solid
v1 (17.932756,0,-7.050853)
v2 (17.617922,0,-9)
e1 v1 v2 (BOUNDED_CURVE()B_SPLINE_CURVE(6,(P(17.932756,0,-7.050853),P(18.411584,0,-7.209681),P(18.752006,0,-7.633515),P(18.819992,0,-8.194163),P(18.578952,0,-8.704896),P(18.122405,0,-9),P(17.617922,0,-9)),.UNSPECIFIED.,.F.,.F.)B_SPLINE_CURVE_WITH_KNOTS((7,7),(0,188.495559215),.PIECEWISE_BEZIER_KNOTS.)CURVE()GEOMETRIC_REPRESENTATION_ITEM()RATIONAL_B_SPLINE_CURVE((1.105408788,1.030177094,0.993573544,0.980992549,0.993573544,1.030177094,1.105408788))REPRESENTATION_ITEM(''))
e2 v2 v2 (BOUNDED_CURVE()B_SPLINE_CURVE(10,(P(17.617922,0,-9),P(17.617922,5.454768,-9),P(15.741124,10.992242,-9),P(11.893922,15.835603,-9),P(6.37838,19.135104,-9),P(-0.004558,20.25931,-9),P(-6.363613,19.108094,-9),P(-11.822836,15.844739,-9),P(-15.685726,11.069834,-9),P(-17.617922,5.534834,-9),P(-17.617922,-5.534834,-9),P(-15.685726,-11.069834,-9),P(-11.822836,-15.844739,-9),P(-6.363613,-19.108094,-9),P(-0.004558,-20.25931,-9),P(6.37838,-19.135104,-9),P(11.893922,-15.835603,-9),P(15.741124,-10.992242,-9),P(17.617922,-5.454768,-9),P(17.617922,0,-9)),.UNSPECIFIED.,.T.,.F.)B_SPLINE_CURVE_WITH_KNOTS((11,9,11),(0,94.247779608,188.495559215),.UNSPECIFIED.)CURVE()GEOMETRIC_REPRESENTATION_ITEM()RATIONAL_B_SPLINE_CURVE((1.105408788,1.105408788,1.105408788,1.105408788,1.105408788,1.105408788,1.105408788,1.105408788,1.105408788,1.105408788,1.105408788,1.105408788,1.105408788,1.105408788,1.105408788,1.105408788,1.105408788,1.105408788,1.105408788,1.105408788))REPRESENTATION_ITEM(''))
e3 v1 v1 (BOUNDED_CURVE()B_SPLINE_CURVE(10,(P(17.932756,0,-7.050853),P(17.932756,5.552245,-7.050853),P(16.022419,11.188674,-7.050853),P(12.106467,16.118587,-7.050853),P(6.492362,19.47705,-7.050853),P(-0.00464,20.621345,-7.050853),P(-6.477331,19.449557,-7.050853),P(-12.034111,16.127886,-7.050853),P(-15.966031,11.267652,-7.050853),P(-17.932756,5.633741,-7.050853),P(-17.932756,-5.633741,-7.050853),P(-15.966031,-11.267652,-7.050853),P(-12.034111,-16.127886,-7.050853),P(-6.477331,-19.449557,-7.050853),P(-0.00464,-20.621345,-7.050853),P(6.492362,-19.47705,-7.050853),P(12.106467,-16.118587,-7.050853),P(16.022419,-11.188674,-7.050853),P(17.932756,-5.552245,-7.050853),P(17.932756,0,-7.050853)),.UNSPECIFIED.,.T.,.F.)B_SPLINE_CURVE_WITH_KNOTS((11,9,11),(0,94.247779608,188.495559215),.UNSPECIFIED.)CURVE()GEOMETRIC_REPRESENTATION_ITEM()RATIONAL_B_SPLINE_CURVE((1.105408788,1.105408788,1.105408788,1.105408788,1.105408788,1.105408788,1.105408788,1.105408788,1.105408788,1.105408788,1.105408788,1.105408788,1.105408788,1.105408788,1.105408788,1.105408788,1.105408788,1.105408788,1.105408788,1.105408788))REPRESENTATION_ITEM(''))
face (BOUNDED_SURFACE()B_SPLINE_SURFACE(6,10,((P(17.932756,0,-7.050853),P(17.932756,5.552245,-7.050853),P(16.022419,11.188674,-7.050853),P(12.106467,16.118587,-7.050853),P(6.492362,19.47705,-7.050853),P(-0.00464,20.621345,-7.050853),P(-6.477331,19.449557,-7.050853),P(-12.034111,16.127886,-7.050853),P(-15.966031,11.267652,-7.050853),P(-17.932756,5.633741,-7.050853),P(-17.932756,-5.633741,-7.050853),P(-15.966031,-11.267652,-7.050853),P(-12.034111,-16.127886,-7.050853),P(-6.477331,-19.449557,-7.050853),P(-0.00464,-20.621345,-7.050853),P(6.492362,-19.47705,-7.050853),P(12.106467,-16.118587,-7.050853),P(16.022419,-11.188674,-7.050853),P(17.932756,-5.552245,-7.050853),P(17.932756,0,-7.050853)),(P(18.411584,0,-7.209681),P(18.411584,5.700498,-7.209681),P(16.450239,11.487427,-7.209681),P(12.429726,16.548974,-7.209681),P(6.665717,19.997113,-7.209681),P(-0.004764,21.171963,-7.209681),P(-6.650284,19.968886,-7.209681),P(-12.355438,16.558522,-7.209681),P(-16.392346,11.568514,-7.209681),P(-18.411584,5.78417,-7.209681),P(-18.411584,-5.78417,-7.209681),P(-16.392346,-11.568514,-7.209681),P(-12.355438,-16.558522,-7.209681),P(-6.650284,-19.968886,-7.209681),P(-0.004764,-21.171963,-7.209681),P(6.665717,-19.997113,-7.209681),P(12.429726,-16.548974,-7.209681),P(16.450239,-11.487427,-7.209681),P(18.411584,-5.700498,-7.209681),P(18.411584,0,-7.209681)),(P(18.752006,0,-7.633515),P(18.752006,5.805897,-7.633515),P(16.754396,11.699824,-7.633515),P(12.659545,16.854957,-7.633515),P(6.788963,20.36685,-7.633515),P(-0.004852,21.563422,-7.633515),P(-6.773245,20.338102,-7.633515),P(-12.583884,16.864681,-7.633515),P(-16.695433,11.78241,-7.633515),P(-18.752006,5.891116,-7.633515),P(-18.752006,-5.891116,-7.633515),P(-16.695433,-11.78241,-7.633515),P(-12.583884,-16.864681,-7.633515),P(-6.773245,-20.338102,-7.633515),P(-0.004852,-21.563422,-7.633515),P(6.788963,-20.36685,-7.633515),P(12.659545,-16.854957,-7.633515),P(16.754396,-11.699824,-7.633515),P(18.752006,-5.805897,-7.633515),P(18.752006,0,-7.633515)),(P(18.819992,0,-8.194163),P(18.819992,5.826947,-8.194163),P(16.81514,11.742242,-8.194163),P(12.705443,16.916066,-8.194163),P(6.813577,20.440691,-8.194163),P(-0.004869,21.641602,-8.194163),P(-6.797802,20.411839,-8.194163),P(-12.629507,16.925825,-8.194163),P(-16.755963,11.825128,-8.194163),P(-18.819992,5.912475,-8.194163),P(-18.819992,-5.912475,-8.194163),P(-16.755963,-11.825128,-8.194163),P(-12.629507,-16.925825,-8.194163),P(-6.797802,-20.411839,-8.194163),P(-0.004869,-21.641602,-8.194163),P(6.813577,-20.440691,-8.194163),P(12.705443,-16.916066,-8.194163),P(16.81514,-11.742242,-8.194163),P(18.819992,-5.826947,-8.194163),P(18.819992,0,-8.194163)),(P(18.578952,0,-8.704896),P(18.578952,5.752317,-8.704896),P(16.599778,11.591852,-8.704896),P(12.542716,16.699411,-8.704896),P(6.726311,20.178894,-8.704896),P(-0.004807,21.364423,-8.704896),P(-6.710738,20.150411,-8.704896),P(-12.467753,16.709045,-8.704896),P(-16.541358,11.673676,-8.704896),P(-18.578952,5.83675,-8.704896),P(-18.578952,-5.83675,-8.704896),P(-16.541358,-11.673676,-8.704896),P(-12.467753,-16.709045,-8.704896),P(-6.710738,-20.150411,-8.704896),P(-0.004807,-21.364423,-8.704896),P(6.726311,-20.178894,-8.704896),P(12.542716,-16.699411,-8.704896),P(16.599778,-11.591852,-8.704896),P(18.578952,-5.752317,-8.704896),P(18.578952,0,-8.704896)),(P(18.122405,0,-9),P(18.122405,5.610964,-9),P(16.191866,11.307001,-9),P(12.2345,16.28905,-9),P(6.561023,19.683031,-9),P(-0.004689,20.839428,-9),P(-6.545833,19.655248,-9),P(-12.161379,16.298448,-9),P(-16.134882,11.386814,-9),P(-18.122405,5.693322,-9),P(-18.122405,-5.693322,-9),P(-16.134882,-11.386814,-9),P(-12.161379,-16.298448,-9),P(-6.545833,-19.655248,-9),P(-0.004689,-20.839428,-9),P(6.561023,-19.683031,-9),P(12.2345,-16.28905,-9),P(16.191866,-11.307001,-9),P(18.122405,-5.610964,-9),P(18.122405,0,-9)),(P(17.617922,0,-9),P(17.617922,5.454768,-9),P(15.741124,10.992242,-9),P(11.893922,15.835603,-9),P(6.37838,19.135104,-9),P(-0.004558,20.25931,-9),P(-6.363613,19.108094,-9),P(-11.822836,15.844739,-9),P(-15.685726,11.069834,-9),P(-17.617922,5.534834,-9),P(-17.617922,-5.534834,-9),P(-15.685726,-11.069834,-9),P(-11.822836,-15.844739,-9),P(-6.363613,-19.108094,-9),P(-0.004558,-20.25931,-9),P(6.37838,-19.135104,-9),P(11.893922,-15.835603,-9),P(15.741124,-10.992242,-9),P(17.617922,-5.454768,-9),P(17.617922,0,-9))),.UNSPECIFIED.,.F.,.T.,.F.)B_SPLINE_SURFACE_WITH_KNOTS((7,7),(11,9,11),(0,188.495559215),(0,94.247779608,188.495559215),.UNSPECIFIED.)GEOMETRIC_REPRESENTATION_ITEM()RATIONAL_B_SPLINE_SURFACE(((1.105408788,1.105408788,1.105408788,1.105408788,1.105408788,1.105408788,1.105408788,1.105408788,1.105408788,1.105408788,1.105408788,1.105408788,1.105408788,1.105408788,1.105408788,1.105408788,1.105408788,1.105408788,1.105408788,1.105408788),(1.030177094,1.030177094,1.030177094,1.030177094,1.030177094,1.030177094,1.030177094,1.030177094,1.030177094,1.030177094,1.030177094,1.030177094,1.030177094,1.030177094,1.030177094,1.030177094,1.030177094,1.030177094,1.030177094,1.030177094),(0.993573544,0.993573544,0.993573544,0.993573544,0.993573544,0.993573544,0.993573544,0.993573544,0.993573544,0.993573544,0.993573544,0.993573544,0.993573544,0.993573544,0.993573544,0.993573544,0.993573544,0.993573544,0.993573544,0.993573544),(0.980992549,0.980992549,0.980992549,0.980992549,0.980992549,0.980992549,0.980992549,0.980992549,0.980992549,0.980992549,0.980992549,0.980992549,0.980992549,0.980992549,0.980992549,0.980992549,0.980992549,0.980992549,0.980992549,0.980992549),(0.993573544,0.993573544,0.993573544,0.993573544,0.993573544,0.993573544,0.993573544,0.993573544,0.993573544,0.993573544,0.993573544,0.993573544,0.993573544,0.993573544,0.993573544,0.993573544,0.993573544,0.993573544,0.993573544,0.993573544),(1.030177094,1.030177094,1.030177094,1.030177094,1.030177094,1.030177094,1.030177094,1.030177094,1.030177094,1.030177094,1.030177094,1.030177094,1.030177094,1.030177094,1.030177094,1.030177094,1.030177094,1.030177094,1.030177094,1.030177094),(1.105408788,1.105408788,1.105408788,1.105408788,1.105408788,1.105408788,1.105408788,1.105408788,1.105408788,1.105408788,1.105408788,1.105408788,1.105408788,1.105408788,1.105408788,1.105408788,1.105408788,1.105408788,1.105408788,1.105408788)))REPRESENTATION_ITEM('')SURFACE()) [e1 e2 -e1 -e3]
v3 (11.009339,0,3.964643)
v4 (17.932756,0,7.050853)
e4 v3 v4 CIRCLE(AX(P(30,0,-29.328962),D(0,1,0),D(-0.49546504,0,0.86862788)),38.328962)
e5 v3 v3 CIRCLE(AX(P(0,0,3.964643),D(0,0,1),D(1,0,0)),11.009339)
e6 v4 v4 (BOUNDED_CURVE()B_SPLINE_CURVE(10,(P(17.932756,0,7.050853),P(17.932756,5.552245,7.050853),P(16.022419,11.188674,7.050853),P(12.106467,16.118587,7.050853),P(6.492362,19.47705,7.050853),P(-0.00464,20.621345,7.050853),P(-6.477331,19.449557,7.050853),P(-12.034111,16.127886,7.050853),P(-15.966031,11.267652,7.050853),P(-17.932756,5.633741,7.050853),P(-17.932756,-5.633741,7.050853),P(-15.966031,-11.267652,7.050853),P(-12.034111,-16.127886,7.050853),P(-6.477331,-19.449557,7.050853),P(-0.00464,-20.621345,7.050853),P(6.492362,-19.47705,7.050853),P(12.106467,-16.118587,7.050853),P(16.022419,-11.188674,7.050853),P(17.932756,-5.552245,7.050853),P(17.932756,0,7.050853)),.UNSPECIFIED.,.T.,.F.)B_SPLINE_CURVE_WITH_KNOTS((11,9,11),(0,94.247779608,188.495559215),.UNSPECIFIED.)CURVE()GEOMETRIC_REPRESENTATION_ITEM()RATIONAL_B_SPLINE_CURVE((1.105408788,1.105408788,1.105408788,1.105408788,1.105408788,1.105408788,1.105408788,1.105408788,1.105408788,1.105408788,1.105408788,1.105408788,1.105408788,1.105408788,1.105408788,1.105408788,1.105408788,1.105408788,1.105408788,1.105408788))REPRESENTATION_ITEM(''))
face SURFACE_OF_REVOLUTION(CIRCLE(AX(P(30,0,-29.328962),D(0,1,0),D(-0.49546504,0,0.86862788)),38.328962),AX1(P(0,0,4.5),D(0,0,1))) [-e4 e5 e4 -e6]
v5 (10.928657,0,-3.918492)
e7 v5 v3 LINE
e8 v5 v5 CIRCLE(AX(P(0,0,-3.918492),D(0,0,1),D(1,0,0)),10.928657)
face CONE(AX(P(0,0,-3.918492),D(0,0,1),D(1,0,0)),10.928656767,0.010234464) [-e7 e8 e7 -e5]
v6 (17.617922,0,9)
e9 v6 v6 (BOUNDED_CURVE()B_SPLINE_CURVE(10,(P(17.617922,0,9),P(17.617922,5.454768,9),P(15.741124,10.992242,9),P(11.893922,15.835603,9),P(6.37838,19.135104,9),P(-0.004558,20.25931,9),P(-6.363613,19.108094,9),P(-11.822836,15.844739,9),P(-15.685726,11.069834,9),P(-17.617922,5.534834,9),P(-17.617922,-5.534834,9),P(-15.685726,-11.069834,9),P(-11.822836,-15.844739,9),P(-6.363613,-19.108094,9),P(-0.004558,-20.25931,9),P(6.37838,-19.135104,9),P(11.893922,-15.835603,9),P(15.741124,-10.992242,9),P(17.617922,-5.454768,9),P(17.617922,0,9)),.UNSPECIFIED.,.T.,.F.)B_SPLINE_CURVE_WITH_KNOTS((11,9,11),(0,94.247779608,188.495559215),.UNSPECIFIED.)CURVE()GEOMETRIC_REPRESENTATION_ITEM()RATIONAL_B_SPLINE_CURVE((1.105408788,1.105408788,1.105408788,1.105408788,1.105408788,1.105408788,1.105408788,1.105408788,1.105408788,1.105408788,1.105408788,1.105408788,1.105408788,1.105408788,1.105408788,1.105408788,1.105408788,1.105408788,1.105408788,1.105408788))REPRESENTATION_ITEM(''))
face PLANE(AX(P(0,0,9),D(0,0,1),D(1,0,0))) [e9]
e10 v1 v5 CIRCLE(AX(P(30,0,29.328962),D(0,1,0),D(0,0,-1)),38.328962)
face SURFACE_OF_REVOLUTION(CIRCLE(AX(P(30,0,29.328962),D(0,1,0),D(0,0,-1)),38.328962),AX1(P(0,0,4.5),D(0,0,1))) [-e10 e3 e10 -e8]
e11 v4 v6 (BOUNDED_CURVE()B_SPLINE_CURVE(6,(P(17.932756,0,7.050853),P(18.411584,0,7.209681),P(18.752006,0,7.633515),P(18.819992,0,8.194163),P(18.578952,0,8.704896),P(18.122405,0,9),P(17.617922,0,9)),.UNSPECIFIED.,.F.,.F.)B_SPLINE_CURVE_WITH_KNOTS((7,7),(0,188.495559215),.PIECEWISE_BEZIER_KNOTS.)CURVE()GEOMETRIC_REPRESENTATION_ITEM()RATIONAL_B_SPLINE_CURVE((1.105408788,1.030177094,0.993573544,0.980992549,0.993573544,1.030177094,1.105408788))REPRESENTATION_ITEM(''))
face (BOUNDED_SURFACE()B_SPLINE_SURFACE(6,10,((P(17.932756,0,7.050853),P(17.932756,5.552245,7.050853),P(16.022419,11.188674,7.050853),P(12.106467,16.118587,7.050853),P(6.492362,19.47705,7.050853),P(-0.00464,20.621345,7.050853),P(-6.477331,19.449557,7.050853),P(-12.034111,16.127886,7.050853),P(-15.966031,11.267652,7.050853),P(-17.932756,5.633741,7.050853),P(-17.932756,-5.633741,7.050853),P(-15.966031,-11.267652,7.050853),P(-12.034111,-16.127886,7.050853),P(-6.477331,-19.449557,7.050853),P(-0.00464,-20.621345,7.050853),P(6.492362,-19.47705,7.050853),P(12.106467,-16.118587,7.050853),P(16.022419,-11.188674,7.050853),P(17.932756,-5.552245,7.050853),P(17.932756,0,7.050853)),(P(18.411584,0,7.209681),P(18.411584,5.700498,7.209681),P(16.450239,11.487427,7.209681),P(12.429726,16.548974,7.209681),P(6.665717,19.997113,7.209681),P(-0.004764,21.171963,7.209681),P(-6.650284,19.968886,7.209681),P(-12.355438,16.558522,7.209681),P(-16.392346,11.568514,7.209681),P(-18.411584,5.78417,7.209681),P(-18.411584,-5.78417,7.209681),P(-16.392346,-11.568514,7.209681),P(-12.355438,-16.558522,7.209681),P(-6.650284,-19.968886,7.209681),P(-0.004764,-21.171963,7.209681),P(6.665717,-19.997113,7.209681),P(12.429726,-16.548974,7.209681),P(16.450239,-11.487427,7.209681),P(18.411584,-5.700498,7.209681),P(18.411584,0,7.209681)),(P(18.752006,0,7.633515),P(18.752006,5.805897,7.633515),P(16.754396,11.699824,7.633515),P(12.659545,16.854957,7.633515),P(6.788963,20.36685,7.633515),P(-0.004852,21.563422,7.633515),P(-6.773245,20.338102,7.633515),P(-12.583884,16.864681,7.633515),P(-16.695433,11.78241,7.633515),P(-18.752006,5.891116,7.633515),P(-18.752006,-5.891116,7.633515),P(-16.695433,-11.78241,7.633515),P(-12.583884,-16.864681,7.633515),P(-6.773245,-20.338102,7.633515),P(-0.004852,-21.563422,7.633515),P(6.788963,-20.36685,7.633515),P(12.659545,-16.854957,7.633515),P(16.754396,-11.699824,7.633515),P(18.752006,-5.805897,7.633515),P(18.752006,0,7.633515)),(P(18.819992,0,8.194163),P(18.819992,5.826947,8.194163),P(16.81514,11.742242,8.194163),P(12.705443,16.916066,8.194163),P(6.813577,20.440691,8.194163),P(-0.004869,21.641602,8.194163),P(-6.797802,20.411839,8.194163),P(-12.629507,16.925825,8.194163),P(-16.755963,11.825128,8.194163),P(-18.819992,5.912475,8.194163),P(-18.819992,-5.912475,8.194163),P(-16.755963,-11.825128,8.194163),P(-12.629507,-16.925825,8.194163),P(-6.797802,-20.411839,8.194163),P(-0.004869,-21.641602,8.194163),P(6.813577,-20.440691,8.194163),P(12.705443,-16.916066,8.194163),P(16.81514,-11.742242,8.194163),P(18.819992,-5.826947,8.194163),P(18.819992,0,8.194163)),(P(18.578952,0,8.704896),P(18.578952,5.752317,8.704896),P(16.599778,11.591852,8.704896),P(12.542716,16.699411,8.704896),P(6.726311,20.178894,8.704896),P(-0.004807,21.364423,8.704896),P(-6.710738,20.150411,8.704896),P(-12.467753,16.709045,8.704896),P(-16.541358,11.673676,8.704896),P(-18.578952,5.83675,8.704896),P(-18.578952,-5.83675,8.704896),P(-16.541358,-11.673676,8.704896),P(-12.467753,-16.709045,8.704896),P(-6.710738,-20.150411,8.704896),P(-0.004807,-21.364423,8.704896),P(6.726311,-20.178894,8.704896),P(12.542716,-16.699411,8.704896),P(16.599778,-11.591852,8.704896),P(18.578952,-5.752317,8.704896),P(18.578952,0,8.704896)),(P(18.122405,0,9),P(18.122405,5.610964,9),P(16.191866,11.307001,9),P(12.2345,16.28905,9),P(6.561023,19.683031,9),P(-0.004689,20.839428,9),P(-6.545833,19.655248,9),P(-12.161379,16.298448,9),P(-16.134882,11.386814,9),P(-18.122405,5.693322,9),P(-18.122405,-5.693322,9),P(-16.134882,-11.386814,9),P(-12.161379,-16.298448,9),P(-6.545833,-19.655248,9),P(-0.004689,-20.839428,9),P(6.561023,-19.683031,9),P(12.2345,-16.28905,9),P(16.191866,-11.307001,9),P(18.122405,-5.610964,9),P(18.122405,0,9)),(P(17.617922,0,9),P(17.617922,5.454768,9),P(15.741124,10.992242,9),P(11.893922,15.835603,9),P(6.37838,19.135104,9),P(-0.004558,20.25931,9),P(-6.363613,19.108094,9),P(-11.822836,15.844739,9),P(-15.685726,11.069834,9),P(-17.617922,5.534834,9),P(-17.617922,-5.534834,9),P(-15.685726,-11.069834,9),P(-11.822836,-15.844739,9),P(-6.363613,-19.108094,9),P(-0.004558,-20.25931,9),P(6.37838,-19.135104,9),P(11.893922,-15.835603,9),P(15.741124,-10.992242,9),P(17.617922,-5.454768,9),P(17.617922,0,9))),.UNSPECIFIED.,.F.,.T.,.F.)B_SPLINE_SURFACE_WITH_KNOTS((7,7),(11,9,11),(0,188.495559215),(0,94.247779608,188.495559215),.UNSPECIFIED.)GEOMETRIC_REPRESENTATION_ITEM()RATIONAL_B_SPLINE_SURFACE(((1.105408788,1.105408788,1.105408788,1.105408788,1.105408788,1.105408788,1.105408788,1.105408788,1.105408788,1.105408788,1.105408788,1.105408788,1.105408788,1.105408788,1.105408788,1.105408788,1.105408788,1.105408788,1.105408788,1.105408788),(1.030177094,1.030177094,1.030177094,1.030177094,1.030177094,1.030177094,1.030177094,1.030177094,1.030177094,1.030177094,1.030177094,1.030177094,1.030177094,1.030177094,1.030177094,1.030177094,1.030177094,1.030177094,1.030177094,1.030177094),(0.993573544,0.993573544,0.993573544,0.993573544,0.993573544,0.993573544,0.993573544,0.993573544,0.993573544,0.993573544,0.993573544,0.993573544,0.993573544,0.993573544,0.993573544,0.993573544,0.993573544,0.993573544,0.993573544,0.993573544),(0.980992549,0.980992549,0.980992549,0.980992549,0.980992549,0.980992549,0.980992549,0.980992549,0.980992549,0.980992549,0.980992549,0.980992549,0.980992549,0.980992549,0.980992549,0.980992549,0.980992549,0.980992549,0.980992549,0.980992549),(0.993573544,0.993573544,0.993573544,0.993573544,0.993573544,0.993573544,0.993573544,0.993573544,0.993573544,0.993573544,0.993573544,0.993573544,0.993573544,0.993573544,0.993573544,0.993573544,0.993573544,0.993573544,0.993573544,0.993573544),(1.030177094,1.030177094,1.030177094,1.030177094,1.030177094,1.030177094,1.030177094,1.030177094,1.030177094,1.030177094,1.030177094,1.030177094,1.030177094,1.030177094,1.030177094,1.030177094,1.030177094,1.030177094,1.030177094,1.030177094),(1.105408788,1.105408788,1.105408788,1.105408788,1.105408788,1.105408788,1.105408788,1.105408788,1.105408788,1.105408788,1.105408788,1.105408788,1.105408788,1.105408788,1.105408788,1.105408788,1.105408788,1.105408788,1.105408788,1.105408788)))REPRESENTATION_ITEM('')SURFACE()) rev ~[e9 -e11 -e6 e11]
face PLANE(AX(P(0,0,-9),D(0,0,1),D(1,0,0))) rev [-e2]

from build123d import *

# Parameters (mm, degrees)
F2_R = 1
F3_R = 1


with BuildPart() as f1:
    # F0 (on Front) → F1 (revolve)
    with BuildSketch(Plane.XZ):
        with BuildLine():
            Line((0, 9), (0, 0))
            Line((0, 0), (0, -9))
            Line((0, -9), (30, -9))
            ThreePointArc((30, -9), (20.1316432931, -7.7078421856), (10.9286567668, -3.9184919894))
            Line((10.9286567668, -3.9184919894), (11.0093392432, 3.9646429941))
            ThreePointArc((11.0093392432, 3.9646429941), (20.1765584422, 7.7197805473), (30, 9))
            Line((30, 9), (0, 9))
        make_face()
    revolve(axis=Axis((0, 0, 4.5), (0, 0, 1)))

    # F2
    f2_edges = [f1.edges().sort_by_distance(p)[0] for p in [
        (-30, 0, 9),
    ]]
    fillet(f2_edges, radius=F2_R)

    # F3
    f3_edges = [f1.edges().sort_by_distance(p)[0] for p in [
        (-30, 0, -9),
    ]]
    fillet(f3_edges, radius=F3_R)


solid = f1.part
